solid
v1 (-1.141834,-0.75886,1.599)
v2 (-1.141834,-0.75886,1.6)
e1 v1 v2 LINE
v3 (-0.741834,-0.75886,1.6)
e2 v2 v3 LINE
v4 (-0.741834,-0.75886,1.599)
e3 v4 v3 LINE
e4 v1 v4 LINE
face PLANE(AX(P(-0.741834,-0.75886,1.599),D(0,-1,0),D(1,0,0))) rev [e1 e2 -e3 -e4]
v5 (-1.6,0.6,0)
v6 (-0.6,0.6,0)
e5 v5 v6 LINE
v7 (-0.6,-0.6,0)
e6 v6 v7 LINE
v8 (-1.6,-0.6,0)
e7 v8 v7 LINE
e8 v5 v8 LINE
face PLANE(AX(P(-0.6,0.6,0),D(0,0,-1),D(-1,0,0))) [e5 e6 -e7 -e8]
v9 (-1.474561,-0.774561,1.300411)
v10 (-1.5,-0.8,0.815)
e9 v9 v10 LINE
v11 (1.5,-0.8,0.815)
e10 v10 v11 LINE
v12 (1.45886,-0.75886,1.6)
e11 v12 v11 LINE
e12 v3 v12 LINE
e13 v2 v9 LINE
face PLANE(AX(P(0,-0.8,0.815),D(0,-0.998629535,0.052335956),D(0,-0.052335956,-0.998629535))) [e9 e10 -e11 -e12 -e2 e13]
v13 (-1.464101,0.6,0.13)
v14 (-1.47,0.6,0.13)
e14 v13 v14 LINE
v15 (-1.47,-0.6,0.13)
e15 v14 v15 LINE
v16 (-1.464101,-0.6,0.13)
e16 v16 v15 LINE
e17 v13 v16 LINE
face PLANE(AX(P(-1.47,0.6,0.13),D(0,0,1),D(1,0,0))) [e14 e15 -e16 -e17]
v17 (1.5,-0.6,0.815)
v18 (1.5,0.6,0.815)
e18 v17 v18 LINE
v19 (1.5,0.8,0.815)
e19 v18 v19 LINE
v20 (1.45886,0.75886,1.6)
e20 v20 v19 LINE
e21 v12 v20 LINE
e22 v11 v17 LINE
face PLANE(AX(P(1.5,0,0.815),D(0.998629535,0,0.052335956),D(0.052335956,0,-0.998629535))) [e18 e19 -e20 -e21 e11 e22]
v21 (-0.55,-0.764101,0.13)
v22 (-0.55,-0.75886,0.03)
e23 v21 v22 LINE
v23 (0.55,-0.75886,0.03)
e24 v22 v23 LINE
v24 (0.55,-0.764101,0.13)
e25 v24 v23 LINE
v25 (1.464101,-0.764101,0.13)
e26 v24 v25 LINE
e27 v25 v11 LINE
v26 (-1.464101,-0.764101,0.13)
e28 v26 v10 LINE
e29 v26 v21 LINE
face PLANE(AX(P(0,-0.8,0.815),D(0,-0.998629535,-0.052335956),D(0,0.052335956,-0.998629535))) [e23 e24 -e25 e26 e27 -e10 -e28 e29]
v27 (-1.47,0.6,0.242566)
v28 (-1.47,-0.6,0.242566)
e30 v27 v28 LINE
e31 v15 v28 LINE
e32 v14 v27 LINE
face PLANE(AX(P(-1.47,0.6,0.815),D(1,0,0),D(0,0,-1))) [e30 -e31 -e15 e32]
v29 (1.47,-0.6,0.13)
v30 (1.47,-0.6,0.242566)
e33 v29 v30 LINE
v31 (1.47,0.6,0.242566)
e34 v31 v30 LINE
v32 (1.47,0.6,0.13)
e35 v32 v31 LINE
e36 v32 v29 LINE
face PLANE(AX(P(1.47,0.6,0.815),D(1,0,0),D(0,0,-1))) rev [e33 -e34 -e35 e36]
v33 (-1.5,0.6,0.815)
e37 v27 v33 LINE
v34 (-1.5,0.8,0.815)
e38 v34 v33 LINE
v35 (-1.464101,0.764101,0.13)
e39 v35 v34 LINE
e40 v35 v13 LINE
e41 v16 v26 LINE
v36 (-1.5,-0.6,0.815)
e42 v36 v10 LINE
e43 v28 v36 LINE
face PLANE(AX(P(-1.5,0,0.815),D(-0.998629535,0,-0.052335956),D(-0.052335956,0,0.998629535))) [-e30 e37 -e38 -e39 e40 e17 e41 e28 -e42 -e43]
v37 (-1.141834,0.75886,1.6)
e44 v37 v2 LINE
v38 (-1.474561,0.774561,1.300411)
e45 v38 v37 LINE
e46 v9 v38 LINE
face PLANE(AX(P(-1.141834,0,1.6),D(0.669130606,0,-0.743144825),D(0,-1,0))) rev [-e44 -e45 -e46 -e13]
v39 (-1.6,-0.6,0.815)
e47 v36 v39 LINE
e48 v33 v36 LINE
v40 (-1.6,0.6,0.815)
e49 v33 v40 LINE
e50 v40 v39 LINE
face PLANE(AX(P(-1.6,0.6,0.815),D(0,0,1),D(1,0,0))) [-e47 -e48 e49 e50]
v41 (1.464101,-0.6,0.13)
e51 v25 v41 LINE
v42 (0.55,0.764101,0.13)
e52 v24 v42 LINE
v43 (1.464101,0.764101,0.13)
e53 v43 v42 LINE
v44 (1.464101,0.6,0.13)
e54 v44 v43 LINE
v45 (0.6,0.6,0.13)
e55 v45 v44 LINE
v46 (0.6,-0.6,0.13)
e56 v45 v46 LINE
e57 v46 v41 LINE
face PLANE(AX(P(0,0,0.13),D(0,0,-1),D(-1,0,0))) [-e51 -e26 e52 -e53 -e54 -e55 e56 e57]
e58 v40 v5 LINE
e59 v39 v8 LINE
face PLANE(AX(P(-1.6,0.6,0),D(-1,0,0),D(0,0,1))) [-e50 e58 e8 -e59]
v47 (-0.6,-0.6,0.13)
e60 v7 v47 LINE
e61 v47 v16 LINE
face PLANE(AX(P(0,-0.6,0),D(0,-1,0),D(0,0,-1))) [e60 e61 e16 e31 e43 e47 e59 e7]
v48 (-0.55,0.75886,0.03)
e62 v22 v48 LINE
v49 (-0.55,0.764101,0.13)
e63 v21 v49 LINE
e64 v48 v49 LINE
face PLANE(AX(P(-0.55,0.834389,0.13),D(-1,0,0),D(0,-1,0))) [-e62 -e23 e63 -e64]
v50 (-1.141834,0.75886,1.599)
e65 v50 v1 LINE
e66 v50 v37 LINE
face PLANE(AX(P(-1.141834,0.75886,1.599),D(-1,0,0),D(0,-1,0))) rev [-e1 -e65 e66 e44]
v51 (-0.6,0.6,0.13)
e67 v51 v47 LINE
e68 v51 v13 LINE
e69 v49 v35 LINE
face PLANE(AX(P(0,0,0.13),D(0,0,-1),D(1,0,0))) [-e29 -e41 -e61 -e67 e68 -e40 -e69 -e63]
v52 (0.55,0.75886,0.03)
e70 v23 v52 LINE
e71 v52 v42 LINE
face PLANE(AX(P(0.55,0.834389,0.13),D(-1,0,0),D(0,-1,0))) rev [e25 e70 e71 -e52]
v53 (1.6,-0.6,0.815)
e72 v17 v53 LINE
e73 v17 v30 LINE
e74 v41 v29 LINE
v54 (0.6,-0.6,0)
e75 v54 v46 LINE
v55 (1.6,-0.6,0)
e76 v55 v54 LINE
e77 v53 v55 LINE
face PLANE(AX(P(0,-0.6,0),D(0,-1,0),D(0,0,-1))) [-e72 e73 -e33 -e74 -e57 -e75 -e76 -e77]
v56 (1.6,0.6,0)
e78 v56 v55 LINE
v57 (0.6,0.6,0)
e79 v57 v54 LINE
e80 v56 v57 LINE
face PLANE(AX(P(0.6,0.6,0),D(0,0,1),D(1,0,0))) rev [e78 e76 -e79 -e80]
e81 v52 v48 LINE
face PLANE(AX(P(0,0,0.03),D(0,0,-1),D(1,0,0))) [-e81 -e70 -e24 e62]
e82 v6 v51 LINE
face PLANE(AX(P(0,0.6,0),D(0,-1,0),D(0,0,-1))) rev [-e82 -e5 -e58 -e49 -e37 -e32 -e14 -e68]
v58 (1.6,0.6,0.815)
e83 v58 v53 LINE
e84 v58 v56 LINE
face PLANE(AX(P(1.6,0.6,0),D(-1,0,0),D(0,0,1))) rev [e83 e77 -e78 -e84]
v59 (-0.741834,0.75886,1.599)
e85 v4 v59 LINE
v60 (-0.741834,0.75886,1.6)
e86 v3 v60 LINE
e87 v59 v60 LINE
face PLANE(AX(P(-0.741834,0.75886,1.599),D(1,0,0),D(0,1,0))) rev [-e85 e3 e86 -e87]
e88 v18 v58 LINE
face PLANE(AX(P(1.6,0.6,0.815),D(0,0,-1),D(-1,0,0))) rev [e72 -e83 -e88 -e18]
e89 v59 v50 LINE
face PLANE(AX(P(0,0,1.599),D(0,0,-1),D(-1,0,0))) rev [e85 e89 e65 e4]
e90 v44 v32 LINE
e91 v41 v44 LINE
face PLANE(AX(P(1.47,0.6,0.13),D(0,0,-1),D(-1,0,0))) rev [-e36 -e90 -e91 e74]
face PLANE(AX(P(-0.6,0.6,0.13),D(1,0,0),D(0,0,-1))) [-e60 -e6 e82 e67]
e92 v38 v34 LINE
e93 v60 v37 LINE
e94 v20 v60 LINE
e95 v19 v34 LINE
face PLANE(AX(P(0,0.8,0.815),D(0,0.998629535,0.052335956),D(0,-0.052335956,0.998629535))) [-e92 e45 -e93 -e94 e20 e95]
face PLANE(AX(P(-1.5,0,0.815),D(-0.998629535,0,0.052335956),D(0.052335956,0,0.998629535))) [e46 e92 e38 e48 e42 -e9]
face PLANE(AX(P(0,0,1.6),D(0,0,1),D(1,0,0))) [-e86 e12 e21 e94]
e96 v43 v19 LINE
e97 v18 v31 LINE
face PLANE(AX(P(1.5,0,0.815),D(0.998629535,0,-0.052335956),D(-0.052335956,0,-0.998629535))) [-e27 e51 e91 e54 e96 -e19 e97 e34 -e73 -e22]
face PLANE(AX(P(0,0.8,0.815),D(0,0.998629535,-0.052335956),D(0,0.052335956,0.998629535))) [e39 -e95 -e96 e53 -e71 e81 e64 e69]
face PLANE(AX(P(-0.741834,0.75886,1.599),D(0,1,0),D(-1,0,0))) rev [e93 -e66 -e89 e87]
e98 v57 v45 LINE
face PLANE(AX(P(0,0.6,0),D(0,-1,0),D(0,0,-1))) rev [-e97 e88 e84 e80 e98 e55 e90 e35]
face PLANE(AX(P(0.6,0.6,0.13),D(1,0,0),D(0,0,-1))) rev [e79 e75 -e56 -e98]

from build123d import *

# Parameters (mm, degrees)
SKETCH1_W                 = 3
SKETCH1_H                 = 1.6
BOSS_EXTRUDE1_DEPTH       = 0.785
DRAFT2_ANGLE              = 3
DRAFT2_OF_MIRROR2_2_ANGLE = 3
CHAMFER1_SIZE             = 0.3
CHAMFER1_SIZE2            = 0.317026351
SKETCH2_W                 = 1.350619213
SKETCH2_H                 = 1.724924769
CUT_EXTRUDE1_DEPTH        = 0.1
BOSS_EXTRUDE3_DEPTH       = 0.6
SKETCH4_W                 = 0.4
SKETCH4_H                 = 1.517719786
CUT_EXTRUDE2_DEPTH        = 0.001


with BuildPart() as part:
    # Sketch1 → Boss-Extrude1 (new body)
    with BuildSketch(Plane.XY.offset(0.815)):
        Rectangle(SKETCH1_W, SKETCH1_H)
    boss_extrude1 = extrude(amount=BOSS_EXTRUDE1_DEPTH)

    # Draft2
    draft2_faces = [part.faces().sort_by_distance(p)[0] for p in [
        (-1.5, 0, 1.2075),
        (0, 0.8, 1.2075),
        (1.5, 0, 1.2075),
        (0, -0.8, 1.2075),
    ]]
    draft(draft2_faces, Plane.XY.offset(0.815), DRAFT2_ANGLE)

    # Mirror2: Boss-Extrude1 across plane
    add(boss_extrude1.mirror(Plane.XY.offset(0.815)))

    # Draft2 of Mirror2 2
    draft2_of_mirror2_2_faces = [part.faces().sort_by_distance(p)[0] for p in [
        (-1.5, 0, 0.4225),
        (0, 0.8, 0.4225),
        (1.5, 0, 0.4225),
        (0, -0.8, 0.4225),
    ]]
    draft(draft2_of_mirror2_2_faces, Plane(origin=(0, 0, 0.815), x_dir=(1, 0, 0), z_dir=(0, 0, -1)), DRAFT2_OF_MIRROR2_2_ANGLE)

    # Chamfer1
    chamfer1_edges = [part.edges().sort_by_distance(p)[0] for p in [
        (-1.458859893, 0, 1.6),
    ]]
    chamfer1_side = [part.faces().sort_by_distance(p)[0] for p in [
        (-1.479610902, 0, 1.204047158),
    ]]
    chamfer(chamfer1_edges, length=CHAMFER1_SIZE, length2=CHAMFER1_SIZE2, reference=chamfer1_side[0])

    # Sketch2 → Cut-Extrude1 (cut)
    with BuildSketch(Plane(origin=(0, 0, 0.03), x_dir=(-1, 0, 0), z_dir=(0, 0, -1))):
        with Locations((-1.225309607, -0.028072916)):
            Rectangle(SKETCH2_W, SKETCH2_H)
    cut_extrude1 = extrude(amount=-CUT_EXTRUDE1_DEPTH, mode=Mode.SUBTRACT)

    # Mirror3: Cut-Extrude1 across plane
    add(cut_extrude1.mirror(Plane(origin=(0, 0, 0), x_dir=(0, 0, 1), z_dir=(1, 0, 0))), mode=Mode.SUBTRACT)

    # Sketch3 → Boss-Extrude3 (add, symmetric)
    with BuildSketch(Plane(origin=(0, 0, 0), x_dir=(1, 0, 0), z_dir=(0, 1, 0))):
        Polygon((0.6, -0.13), (0.6, 0), (1.6, 0), (1.6, -0.815), (1.47, -0.815), (1.47, -0.13), align=None)
    boss_extrude3 = extrude(amount=BOSS_EXTRUDE3_DEPTH, both=True)

    # Mirror4: Boss-Extrude3 across plane
    add(boss_extrude3.mirror(Plane(origin=(0, 0, 0), x_dir=(0, 0, 1), z_dir=(1, 0, 0))))

    # Sketch4 → Cut-Extrude2 (cut)
    with BuildSketch(Plane.XY.offset(1.6)):
        with Locations((-0.941833542, 0)):
            Rectangle(SKETCH4_W, SKETCH4_H)
    extrude(amount=-CUT_EXTRUDE2_DEPTH, mode=Mode.SUBTRACT)


solid = part.part
